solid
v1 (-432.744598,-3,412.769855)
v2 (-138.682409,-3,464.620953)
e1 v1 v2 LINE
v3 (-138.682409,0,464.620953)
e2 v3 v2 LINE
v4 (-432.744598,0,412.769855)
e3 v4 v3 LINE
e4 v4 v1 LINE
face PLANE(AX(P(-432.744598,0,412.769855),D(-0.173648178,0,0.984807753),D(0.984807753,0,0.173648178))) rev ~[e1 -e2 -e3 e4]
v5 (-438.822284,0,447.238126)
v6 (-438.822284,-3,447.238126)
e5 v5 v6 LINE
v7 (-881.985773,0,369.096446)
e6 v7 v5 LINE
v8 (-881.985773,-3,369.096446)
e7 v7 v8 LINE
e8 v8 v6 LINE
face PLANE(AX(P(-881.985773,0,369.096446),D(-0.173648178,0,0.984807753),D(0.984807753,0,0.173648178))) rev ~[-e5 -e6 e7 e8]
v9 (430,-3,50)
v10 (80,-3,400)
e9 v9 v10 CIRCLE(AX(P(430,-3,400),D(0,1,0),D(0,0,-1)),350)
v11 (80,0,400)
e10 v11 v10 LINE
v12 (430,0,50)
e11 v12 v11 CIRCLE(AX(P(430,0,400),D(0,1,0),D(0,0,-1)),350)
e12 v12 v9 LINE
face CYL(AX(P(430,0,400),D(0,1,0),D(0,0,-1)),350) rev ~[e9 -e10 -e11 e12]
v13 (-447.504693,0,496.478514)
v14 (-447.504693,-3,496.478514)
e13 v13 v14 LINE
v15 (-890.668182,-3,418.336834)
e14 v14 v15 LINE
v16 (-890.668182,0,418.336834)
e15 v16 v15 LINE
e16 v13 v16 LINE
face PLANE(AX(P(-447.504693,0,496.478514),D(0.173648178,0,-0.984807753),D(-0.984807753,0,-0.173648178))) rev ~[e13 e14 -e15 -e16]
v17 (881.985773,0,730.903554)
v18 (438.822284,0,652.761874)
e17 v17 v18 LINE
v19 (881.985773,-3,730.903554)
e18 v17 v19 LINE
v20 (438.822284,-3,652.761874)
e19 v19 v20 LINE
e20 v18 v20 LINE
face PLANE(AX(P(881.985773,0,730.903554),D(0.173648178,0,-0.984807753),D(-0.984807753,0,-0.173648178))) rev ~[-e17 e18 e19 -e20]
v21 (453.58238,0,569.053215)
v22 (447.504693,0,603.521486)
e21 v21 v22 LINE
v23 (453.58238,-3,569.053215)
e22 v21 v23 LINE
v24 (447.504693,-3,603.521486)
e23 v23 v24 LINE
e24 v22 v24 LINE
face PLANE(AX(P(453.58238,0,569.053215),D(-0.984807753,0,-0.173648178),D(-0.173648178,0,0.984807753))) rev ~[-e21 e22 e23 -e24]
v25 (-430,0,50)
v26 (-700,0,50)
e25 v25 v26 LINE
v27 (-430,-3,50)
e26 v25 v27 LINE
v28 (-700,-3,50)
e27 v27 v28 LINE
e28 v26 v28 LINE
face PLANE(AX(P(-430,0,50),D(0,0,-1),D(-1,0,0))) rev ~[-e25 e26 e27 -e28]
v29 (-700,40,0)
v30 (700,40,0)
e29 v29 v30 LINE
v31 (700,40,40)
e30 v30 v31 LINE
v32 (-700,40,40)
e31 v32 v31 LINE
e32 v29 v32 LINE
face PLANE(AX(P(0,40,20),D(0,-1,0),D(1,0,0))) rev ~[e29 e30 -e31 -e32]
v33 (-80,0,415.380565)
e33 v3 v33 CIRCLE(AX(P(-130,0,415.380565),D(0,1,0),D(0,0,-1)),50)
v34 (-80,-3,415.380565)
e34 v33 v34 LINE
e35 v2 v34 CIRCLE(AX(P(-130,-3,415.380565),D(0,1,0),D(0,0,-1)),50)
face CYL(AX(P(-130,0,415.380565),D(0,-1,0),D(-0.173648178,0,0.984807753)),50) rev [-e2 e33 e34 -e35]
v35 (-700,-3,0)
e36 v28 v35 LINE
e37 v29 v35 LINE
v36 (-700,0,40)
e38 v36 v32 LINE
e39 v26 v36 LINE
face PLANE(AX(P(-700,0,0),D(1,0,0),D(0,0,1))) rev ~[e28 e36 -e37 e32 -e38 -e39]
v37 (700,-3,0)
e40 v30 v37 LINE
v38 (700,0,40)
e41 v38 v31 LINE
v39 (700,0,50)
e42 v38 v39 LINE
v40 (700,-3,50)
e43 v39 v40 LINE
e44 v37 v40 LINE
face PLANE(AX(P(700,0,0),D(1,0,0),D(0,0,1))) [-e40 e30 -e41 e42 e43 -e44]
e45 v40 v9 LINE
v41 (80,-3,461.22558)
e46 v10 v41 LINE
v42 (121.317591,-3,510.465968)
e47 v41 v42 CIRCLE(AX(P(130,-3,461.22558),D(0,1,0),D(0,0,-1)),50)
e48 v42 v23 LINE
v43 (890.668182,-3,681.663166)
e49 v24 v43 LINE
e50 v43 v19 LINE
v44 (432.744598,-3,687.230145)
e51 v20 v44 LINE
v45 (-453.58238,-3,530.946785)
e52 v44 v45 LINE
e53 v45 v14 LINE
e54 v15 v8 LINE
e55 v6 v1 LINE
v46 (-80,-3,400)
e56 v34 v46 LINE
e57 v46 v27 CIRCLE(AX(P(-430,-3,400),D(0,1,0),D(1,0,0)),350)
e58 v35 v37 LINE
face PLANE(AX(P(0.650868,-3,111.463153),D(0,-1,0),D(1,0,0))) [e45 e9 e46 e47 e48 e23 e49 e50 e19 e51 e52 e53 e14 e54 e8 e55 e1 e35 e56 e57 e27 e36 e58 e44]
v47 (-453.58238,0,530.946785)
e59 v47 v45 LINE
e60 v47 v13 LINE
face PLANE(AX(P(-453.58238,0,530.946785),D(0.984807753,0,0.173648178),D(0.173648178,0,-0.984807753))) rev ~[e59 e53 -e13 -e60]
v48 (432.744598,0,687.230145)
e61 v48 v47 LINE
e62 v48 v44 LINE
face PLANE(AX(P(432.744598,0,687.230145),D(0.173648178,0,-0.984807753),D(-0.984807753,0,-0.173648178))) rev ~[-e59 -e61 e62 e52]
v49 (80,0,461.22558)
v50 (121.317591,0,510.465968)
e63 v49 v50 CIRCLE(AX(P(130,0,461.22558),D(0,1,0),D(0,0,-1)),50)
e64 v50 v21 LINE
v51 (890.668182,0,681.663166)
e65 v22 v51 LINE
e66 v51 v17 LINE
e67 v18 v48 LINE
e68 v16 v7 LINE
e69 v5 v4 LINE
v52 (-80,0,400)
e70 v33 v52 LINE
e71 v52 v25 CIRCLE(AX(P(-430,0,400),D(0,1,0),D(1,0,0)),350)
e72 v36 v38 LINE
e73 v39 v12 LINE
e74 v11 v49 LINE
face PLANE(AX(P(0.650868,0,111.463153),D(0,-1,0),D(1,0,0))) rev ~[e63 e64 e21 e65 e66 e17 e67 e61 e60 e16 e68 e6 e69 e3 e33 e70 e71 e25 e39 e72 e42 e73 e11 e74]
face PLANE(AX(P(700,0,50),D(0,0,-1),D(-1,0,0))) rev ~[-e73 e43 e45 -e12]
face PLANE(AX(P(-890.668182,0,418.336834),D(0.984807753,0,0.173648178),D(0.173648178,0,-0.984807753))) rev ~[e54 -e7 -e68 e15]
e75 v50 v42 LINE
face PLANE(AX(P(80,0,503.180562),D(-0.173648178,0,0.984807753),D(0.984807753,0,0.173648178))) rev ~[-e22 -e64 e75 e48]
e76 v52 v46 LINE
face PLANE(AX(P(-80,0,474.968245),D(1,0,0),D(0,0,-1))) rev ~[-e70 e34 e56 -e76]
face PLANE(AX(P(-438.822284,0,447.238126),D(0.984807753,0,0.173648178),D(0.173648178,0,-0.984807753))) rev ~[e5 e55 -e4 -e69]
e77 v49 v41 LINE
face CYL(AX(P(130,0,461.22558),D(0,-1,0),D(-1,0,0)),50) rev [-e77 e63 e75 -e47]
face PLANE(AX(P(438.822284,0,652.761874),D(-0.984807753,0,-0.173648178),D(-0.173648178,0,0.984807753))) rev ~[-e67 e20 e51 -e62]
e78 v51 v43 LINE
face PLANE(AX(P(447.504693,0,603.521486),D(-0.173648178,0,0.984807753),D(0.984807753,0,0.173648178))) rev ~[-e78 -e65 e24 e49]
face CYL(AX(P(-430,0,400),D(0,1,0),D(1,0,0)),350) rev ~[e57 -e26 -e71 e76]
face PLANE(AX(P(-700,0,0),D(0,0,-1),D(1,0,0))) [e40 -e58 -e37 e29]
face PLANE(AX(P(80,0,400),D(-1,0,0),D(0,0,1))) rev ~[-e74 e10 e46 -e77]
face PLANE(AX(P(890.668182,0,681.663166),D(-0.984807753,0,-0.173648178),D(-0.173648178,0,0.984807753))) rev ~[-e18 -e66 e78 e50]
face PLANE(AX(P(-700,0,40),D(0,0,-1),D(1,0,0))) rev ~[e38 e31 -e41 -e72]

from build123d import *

# Parameters (mm, degrees)
F1_DEPTH = 3
F2_R     = 50
F3_W     = 1400
F3_H     = 40
F4_DEPTH = 40


with BuildPart() as f1:
    # F0 (on Front) → F1 (new body)
    with BuildSketch(Plane.XZ):
        with BuildLine():
            Line((80, 503.1805617435), (-80, 474.9682448302))
            Line((-80, 474.9682448302), (-80, 400))
            ThreePointArc((-80, 400), (-182.5126265847, 152.5126265847), (-430, 50))
            Line((-430, 50), (-700, 50))
            Line((-700, 50), (-700, 0))
            Line((-700, 0), (700, 0))
            Line((700, 0), (700, 50))
            Line((700, 50), (430, 50))
            ThreePointArc((430, 50), (182.5126265847, 152.5126265847), (80, 400))
            Line((80, 400), (80, 503.1805617435))
        make_face()
        with BuildLine():
            Line((-881.9857732693, 369.0964462745), (-492.5372057432, 437.7667363276))
            ThreePointArc((-492.5372057432, 437.7667363276), (-502.2519540362, 461.4394293899), (-501.2196146265, 487.0071239782))
            Line((-501.2196146265, 487.0071239782), (-890.6681821527, 418.3368339251))
            Line((-890.6681821527, 418.3368339251), (-881.9857732693, 369.0964462745))
        make_face()
        with BuildLine():
            Line((-438.8222844138, 447.2381262246), (-443.1634888555, 471.8583200499))
            Line((-443.1634888555, 471.8583200499), (-447.5046932972, 496.4785138752))
            Line((-447.5046932972, 496.4785138752), (-501.2196146265, 487.0071239782))
            ThreePointArc((-501.2196146265, 487.0071239782), (-502.2519540362, 461.4394293899), (-492.5372057432, 437.7667363276))
            Line((-492.5372057432, 437.7667363276), (-438.8222844138, 447.2381262246))
        make_face()
        with BuildLine():
            ThreePointArc((-383.1634888555, 471.8583200499), (-383.39180697, 477.0876646147), (-384.0750236748, 482.2772107099))
            Line((-384.0750236748, 482.2772107099), (-443.1634888555, 471.8583200499))
            Line((-443.1634888555, 471.8583200499), (-438.8222844138, 447.2381262246))
            Line((-438.8222844138, 447.2381262246), (-385.1073630845, 456.7095161216))
            ThreePointArc((-385.1073630845, 456.7095161216), (-383.6514415614, 464.2218138547), (-383.1634888555, 471.8583200499))
        make_face()
        with BuildLine():
            Line((-443.1634888555, 471.8583200499), (-384.0750236748, 482.2772107099))
            ThreePointArc((-384.0750236748, 482.2772107099), (-387.6557386402, 494.6374698592), (-393.7897719678, 505.9499037722))
            Line((-393.7897719678, 505.9499037722), (-447.5046932972, 496.4785138752))
            Line((-447.5046932972, 496.4785138752), (-443.1634888555, 471.8583200499))
        make_face()
        with BuildLine():
            Line((-393.7897719678, 505.9499037722), (-4.3412044417, 574.6201938253))
            Line((-4.3412044417, 574.6201938253), (-10.41889066, 609.0884651807))
            Line((-10.41889066, 609.0884651807), (-453.5823795155, 530.9467852306))
            ThreePointArc((-453.5823795155, 530.9467852306), (-420.0208735696, 527.2155179354), (-393.7897719678, 505.9499037722))
        make_face()
        with BuildLine():
            Line((-80, 535.8938415433), (-80, 550))
            Line((-80, 550), (0, 550))
            Line((0, 550), (-4.3412044417, 574.6201938253))
            Line((-4.3412044417, 574.6201938253), (-393.7897719678, 505.9499037722))
            ThreePointArc((-393.7897719678, 505.9499037722), (-387.6557386402, 494.6374698592), (-384.0750236748, 482.2772107099))
            Line((-384.0750236748, 482.2772107099), (-80, 535.8938415433))
        make_face()
        with BuildLine():
            Line((-80, 510.5081762462), (-80, 535.8938415433))
            Line((-80, 535.8938415433), (-384.0750236748, 482.2772107099))
            ThreePointArc((-384.0750236748, 482.2772107099), (-383.39180697, 477.0876646147), (-383.1634888555, 471.8583200499))
            ThreePointArc((-383.1634888555, 471.8583200499), (-383.6514415614, 464.2218138547), (-385.1073630845, 456.7095161216))
            Line((-385.1073630845, 456.7095161216), (-80, 510.5081762462))
        make_face()
        with BuildLine():
            Line((-80, 474.9682448302), (-80, 510.5081762462))
            Line((-80, 510.5081762462), (-385.1073630845, 456.7095161216))
            ThreePointArc((-385.1073630845, 456.7095161216), (-402.4832672908, 427.7548102865), (-432.7445981955, 412.7698548691))
            Line((-432.7445981955, 412.7698548691), (-80, 474.9682448302))
        make_face()
        Polygon((80, 538.7204931595), (-80, 510.5081762462), (-80, 474.9682448302), (80, 503.1805617435), align=None)
        Polygon((0, 550), (-80, 535.8938415433), (-80, 510.5081762462), (80, 538.7204931595), (80, 550), align=None)
        Polygon((0, 550), (-80, 550), (-80, 535.8938415433), align=None)
        with BuildLine():
            Line((443.1634888555, 628.1416799501), (384.0750236748, 617.7227892901))
            ThreePointArc((384.0750236748, 617.7227892901), (387.6557386402, 605.3625301408), (393.7897719678, 594.0500962278))
            Line((393.7897719678, 594.0500962278), (447.5046932972, 603.5214861248))
            Line((447.5046932972, 603.5214861248), (443.1634888555, 628.1416799501))
        make_face()
        with BuildLine():
            Line((-4.3412044417, 574.6201938253), (0, 550))
            Line((0, 550), (384.0750236748, 617.7227892901))
            ThreePointArc((384.0750236748, 617.7227892901), (383.2123374991, 630.5623102494), (385.1073630845, 643.2904838784))
            Line((385.1073630845, 643.2904838784), (-4.3412044417, 574.6201938253))
        make_face()
        with BuildLine():
            Line((447.5046932972, 603.5214861248), (393.7897719678, 594.0500962278))
            ThreePointArc((393.7897719678, 594.0500962278), (420.0208735696, 572.7844820646), (453.5823795155, 569.0532147694))
            Line((453.5823795155, 569.0532147694), (447.5046932972, 603.5214861248))
        make_face()
        with BuildLine():
            ThreePointArc((432.7445981955, 687.2301451309), (402.4832672908, 672.2451897135), (385.1073630845, 643.2904838784))
            Line((385.1073630845, 643.2904838784), (438.8222844138, 652.7618737754))
            Line((438.8222844138, 652.7618737754), (432.7445981955, 687.2301451309))
        make_face()
        with BuildLine():
            Line((393.7897719678, 594.0500962278), (80, 538.7204931595))
            Line((80, 538.7204931595), (80, 503.1805617435))
            Line((80, 503.1805617435), (453.5823795155, 569.0532147694))
            ThreePointArc((453.5823795155, 569.0532147694), (420.0208735696, 572.7844820646), (393.7897719678, 594.0500962278))
        make_face()
        with BuildLine():
            ThreePointArc((385.1073630845, 643.2904838784), (383.2123374991, 630.5623102494), (384.0750236748, 617.7227892901))
            Line((384.0750236748, 617.7227892901), (443.1634888555, 628.1416799501))
            Line((443.1634888555, 628.1416799501), (438.8222844138, 652.7618737754))
            Line((438.8222844138, 652.7618737754), (385.1073630845, 643.2904838784))
        make_face()
        with BuildLine():
            Line((384.0750236748, 617.7227892901), (0, 550))
            Line((0, 550), (80, 550))
            Line((80, 550), (80, 538.7204931595))
            Line((80, 538.7204931595), (393.7897719678, 594.0500962278))
            ThreePointArc((393.7897719678, 594.0500962278), (387.6557386402, 605.3625301408), (384.0750236748, 617.7227892901))
        make_face()
        with BuildLine():
            Line((-10.41889066, 609.0884651807), (-4.3412044417, 574.6201938253))
            Line((-4.3412044417, 574.6201938253), (385.1073630845, 643.2904838784))
            ThreePointArc((385.1073630845, 643.2904838784), (402.4832672908, 672.2451897135), (432.7445981955, 687.2301451309))
            Line((432.7445981955, 687.2301451309), (-10.41889066, 609.0884651807))
        make_face()
        with BuildLine():
            Line((881.9857732693, 730.9035537255), (492.5372057432, 662.2332636724))
            ThreePointArc((492.5372057432, 662.2332636724), (500.4453490438, 645.9963290189), (503.1634888555, 628.1416799501))
            ThreePointArc((503.1634888555, 628.1416799501), (502.6755361496, 620.5051737549), (501.2196146265, 612.9928760218))
            Line((501.2196146265, 612.9928760218), (890.6681821527, 681.6631660749))
            Line((890.6681821527, 681.6631660749), (881.9857732693, 730.9035537255))
        make_face()
        with BuildLine():
            Line((438.8222844138, 652.7618737754), (443.1634888555, 628.1416799501))
            Line((443.1634888555, 628.1416799501), (447.5046932972, 603.5214861248))
            Line((447.5046932972, 603.5214861248), (501.2196146265, 612.9928760218))
            ThreePointArc((501.2196146265, 612.9928760218), (502.6755361496, 620.5051737549), (503.1634888555, 628.1416799501))
            ThreePointArc((503.1634888555, 628.1416799501), (500.4453490438, 645.9963290189), (492.5372057432, 662.2332636724))
            Line((492.5372057432, 662.2332636724), (438.8222844138, 652.7618737754))
        make_face()
        with BuildLine():
            Line((-447.5046932972, 496.4785138752), (-393.7897719678, 505.9499037722))
            ThreePointArc((-393.7897719678, 505.9499037722), (-420.0208735696, 527.2155179354), (-453.5823795155, 530.9467852306))
            Line((-453.5823795155, 530.9467852306), (-447.5046932972, 496.4785138752))
        make_face()
        with BuildLine():
            ThreePointArc((-432.7445981955, 412.7698548691), (-402.4832672908, 427.7548102865), (-385.1073630845, 456.7095161216))
            Line((-385.1073630845, 456.7095161216), (-438.8222844138, 447.2381262246))
            Line((-438.8222844138, 447.2381262246), (-432.7445981955, 412.7698548691))
        make_face()
    extrude(amount=F1_DEPTH)

    # F2
    f2_edges = [f1.edges().sort_by_distance(p)[0] for p in [
        (-80, -1.5, 474.968245),
        (80, -1.5, 503.180562),
    ]]
    fillet(f2_edges, radius=F2_R)

    # F3 (on face) → F4 (join)
    with BuildSketch(Plane.XZ):
        with Locations((0, 20)):
            Rectangle(F3_W, F3_H)
    extrude(amount=-F4_DEPTH)


solid = f1.part
